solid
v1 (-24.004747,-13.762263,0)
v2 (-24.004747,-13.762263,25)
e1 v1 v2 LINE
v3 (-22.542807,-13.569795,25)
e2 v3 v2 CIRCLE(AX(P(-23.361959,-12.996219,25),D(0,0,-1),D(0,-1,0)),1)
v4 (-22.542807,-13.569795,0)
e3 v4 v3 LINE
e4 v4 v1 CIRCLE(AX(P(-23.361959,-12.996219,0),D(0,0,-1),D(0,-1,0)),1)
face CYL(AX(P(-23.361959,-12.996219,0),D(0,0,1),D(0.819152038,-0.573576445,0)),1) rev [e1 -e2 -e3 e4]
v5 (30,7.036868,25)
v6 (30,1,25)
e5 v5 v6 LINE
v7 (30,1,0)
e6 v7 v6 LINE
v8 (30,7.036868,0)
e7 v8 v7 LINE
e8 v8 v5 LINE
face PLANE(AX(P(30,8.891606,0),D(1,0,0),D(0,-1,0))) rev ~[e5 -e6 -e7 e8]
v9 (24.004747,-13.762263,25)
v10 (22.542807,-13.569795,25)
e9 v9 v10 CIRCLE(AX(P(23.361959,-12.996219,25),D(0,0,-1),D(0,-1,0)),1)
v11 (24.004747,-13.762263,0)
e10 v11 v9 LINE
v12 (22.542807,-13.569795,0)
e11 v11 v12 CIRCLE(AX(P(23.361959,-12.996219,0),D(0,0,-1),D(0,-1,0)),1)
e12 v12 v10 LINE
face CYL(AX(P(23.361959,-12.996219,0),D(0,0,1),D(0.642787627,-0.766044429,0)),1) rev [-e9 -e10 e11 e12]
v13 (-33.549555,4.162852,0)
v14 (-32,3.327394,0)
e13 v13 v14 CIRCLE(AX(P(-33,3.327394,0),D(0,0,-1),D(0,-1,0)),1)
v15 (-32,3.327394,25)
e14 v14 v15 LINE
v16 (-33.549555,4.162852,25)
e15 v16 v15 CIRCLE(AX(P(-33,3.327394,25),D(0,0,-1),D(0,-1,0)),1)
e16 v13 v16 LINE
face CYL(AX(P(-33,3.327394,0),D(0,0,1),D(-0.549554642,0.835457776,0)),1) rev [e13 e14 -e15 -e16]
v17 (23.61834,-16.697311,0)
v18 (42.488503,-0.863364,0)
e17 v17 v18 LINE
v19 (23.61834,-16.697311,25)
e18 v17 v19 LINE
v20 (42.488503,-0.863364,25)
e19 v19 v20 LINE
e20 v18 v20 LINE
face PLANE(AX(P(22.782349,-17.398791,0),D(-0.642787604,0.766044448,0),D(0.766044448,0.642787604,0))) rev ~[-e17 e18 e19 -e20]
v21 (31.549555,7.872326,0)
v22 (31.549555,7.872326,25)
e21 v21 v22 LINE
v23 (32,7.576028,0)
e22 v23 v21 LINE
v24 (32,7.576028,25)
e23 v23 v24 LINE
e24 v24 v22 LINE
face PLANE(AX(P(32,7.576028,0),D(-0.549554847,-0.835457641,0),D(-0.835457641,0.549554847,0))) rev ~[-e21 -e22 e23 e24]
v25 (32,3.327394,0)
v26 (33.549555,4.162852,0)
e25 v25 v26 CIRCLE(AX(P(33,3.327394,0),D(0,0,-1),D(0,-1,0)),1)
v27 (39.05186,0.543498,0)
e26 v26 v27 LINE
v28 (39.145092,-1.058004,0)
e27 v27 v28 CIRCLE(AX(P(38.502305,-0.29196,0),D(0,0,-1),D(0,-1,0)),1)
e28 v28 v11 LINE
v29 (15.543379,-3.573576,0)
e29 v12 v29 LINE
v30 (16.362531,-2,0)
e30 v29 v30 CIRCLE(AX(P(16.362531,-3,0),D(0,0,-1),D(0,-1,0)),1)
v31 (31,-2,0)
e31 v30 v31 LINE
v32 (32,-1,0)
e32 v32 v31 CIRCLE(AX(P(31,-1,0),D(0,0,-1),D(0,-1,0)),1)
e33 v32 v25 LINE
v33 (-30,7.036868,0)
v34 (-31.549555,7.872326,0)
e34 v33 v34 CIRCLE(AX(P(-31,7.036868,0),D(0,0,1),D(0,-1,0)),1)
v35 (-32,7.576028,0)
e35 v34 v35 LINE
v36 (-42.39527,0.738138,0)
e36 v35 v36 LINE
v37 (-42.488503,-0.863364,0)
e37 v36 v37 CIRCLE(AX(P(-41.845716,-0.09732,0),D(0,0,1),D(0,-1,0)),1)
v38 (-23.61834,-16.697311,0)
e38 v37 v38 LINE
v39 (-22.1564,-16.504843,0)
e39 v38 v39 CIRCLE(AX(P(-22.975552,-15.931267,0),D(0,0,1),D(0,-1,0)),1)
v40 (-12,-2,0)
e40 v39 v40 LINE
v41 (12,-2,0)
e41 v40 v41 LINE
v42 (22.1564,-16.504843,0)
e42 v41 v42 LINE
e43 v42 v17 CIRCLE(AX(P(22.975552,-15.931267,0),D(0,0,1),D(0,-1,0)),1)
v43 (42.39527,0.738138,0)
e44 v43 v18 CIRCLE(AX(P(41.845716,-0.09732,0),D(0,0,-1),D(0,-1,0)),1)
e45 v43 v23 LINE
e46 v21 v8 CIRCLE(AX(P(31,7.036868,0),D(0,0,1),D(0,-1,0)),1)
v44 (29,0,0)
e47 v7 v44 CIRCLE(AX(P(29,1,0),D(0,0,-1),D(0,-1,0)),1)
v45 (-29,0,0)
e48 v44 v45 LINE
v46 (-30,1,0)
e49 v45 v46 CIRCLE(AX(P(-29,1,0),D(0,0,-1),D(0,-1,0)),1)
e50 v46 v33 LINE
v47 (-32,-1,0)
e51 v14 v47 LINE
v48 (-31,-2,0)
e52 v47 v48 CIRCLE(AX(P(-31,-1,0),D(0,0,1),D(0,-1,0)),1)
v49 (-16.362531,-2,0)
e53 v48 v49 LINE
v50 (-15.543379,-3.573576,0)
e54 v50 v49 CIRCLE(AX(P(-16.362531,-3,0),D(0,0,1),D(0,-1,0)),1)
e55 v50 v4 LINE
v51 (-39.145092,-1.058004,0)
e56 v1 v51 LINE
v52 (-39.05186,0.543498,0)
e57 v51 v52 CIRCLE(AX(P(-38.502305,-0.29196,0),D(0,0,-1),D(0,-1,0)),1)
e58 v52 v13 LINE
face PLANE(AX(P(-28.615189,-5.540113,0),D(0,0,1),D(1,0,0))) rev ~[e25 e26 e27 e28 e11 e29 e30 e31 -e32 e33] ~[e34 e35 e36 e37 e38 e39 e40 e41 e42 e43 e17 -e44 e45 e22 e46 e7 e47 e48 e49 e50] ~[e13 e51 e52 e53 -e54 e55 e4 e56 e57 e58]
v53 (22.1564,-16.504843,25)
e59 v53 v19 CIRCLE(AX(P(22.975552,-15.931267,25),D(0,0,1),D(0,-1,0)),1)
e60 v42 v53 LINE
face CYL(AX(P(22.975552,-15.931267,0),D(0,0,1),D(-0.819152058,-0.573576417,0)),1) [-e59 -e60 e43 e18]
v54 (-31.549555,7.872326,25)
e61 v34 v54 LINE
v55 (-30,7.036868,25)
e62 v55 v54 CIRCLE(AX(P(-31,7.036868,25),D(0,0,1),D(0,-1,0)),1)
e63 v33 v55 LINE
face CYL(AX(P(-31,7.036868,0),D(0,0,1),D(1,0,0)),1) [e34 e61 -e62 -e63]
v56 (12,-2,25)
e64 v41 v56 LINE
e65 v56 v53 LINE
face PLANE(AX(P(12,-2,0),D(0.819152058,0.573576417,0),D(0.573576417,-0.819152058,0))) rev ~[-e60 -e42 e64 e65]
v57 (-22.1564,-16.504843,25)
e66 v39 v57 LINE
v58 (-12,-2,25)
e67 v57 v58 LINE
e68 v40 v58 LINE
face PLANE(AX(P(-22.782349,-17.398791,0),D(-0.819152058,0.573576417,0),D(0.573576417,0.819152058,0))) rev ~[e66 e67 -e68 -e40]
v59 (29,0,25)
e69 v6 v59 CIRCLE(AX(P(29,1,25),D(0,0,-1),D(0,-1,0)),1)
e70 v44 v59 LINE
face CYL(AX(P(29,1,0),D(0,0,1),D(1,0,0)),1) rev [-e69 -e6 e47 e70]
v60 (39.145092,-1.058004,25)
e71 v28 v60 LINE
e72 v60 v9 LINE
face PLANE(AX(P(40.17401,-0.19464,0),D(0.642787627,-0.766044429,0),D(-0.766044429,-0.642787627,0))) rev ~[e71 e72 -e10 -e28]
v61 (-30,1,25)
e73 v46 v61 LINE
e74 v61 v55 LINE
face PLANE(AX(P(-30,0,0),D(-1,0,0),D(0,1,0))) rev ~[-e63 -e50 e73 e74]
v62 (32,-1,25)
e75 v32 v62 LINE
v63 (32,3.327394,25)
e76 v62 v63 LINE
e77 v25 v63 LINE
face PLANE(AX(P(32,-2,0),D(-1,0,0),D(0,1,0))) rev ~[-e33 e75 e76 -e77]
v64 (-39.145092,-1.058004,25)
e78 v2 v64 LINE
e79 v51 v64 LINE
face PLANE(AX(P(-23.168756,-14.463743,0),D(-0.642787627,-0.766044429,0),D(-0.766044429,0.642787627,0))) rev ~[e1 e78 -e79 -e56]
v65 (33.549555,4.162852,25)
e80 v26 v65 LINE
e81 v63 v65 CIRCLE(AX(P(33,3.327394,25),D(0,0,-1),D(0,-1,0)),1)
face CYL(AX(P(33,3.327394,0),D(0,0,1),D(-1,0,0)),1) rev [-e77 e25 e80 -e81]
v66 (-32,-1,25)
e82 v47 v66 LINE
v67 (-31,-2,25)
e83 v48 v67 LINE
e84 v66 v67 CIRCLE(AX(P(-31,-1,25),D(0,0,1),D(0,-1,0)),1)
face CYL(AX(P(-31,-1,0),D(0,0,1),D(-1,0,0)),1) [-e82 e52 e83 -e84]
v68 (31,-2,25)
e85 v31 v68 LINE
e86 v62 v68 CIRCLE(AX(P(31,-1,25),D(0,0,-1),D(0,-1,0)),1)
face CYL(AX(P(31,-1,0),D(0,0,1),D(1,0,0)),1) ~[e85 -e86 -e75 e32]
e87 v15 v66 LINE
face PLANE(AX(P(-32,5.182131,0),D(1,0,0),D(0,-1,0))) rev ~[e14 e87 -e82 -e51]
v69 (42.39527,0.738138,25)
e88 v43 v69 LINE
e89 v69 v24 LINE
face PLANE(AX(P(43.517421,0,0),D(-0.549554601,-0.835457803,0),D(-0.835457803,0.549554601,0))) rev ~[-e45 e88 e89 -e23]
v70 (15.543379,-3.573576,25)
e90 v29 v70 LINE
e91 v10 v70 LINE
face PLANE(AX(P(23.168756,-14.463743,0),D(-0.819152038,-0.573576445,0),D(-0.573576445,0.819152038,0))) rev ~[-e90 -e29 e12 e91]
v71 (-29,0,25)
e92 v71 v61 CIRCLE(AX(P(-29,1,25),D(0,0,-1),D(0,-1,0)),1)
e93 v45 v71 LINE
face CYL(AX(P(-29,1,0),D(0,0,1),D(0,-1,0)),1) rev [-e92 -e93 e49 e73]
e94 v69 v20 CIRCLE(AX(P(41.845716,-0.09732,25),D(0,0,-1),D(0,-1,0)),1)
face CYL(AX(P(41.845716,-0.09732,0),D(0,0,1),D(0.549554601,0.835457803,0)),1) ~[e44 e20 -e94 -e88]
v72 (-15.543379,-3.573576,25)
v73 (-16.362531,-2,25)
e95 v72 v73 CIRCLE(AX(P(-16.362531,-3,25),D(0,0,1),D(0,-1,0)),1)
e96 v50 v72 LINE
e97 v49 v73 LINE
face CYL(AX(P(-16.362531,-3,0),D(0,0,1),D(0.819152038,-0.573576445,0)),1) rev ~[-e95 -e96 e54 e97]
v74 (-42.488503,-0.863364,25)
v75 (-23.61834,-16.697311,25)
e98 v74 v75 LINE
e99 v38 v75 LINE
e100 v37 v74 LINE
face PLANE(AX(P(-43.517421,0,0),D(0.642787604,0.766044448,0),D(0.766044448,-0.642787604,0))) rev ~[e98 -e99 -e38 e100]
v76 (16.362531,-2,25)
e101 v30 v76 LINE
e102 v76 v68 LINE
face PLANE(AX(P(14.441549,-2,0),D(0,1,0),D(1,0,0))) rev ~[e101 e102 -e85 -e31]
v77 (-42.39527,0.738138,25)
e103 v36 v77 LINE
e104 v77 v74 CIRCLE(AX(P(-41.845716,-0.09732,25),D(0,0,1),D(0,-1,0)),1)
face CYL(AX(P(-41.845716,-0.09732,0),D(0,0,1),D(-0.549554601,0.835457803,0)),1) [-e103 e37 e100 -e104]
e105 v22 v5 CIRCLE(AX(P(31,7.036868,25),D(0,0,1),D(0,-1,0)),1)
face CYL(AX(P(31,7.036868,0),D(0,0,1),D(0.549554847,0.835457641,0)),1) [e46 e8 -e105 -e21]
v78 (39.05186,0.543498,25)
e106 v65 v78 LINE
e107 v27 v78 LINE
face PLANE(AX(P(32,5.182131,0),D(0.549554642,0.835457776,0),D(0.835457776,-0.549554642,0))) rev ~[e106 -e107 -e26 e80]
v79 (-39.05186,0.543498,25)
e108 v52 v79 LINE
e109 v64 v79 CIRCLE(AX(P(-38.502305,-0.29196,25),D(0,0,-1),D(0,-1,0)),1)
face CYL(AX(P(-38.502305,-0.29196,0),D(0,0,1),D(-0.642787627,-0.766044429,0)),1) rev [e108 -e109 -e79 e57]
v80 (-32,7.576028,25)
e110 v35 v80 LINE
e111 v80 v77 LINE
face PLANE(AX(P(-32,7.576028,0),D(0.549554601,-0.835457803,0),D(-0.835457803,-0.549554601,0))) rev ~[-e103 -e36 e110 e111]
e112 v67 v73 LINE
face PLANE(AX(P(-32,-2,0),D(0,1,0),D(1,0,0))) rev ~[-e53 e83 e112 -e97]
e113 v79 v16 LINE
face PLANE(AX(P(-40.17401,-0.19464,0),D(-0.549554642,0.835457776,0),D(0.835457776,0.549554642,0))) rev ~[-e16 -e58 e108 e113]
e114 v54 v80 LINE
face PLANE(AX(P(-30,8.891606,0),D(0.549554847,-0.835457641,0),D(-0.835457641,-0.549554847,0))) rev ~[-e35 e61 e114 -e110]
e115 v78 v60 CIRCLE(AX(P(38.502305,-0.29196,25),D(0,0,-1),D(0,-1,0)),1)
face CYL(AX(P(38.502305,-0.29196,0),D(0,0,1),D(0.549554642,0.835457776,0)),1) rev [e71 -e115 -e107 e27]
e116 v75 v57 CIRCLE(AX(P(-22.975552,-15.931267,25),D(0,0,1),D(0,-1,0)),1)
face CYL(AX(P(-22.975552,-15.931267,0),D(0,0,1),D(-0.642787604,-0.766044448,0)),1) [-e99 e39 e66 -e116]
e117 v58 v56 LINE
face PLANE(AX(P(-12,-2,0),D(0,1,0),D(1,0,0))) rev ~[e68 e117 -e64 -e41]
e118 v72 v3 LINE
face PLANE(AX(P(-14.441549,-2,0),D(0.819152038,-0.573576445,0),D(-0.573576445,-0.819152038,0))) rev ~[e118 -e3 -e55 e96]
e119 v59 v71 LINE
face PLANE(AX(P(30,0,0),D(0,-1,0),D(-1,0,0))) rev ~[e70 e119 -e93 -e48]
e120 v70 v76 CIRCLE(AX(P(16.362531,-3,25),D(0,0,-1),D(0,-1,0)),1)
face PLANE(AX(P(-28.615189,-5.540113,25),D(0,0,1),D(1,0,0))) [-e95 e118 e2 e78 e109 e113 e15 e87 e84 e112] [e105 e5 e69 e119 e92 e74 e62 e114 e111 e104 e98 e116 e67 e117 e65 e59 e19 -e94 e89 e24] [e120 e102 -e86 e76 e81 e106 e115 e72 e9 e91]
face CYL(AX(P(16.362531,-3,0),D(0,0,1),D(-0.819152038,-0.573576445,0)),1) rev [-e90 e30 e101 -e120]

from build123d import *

# Parameters (mm, degrees)
F1_DEPTH = 25
F2_R     = 1


with BuildPart() as f1:
    # F0 (on Top) → F1 (new body)
    with BuildSketch(Plane.XY):
        Polygon((-22.782349, -17.398791), (-12, -2), (-14.441549, -2), (-23.168756, -14.463743), (-40.17401, -0.19464), (-32, 5.182131), (-32, 7.576028), (-43.517421, 0), align=None)
        Polygon((-32, 5.182131), (-30, 6.497709), (-30, 8.891606), (-32, 7.576028), align=None)
        Polygon((0, -2), (0, 0), (-30, 0), (-30, 6.497709), (-32, 5.182131), (-32, -2), (-14.441549, -2), (-12, -2), align=None)
        Polygon((14.441549, -2), (12, -2), (22.782349, -17.398791), (43.517421, 0), (32, 7.576028), (32, 5.182131), (40.17401, -0.19464), (23.168756, -14.463743), align=None)
        Polygon((30, 0), (0, 0), (0, -2), (12, -2), (14.441549, -2), (32, -2), (32, 5.182131), (30, 6.497709), align=None)
        Polygon((30, 8.891606), (30, 6.497709), (32, 5.182131), (32, 7.576028), align=None)
    extrude(amount=F1_DEPTH)

    # F2
    f2_edges = [f1.edges().sort_by_distance(p)[0] for p in [
        (-30, 8.891606, 12.5),
        (-43.517421, 0, 12.5),
        (-22.782349, -17.398791, 12.5),
        (-30, 0, 12.5),
        (-32, -2, 12.5),
        (30, 0, 12.5),
        (30, 8.891606, 12.5),
        (43.517421, 0, 12.5),
        (32, -2, 12.5),
        (22.782349, -17.398791, 12.5),
        (23.168756, -14.463743, 12.5),
        (14.441549, -2, 12.5),
        (32, 5.182131, 12.5),
        (40.17401, -0.19464, 12.5),
        (-40.17401, -0.19464, 12.5),
        (-32, 5.182131, 12.5),
        (-23.168756, -14.463743, 12.5),
        (-14.441549, -2, 12.5),
    ]]
    fillet(f2_edges, radius=F2_R)


solid = f1.part
